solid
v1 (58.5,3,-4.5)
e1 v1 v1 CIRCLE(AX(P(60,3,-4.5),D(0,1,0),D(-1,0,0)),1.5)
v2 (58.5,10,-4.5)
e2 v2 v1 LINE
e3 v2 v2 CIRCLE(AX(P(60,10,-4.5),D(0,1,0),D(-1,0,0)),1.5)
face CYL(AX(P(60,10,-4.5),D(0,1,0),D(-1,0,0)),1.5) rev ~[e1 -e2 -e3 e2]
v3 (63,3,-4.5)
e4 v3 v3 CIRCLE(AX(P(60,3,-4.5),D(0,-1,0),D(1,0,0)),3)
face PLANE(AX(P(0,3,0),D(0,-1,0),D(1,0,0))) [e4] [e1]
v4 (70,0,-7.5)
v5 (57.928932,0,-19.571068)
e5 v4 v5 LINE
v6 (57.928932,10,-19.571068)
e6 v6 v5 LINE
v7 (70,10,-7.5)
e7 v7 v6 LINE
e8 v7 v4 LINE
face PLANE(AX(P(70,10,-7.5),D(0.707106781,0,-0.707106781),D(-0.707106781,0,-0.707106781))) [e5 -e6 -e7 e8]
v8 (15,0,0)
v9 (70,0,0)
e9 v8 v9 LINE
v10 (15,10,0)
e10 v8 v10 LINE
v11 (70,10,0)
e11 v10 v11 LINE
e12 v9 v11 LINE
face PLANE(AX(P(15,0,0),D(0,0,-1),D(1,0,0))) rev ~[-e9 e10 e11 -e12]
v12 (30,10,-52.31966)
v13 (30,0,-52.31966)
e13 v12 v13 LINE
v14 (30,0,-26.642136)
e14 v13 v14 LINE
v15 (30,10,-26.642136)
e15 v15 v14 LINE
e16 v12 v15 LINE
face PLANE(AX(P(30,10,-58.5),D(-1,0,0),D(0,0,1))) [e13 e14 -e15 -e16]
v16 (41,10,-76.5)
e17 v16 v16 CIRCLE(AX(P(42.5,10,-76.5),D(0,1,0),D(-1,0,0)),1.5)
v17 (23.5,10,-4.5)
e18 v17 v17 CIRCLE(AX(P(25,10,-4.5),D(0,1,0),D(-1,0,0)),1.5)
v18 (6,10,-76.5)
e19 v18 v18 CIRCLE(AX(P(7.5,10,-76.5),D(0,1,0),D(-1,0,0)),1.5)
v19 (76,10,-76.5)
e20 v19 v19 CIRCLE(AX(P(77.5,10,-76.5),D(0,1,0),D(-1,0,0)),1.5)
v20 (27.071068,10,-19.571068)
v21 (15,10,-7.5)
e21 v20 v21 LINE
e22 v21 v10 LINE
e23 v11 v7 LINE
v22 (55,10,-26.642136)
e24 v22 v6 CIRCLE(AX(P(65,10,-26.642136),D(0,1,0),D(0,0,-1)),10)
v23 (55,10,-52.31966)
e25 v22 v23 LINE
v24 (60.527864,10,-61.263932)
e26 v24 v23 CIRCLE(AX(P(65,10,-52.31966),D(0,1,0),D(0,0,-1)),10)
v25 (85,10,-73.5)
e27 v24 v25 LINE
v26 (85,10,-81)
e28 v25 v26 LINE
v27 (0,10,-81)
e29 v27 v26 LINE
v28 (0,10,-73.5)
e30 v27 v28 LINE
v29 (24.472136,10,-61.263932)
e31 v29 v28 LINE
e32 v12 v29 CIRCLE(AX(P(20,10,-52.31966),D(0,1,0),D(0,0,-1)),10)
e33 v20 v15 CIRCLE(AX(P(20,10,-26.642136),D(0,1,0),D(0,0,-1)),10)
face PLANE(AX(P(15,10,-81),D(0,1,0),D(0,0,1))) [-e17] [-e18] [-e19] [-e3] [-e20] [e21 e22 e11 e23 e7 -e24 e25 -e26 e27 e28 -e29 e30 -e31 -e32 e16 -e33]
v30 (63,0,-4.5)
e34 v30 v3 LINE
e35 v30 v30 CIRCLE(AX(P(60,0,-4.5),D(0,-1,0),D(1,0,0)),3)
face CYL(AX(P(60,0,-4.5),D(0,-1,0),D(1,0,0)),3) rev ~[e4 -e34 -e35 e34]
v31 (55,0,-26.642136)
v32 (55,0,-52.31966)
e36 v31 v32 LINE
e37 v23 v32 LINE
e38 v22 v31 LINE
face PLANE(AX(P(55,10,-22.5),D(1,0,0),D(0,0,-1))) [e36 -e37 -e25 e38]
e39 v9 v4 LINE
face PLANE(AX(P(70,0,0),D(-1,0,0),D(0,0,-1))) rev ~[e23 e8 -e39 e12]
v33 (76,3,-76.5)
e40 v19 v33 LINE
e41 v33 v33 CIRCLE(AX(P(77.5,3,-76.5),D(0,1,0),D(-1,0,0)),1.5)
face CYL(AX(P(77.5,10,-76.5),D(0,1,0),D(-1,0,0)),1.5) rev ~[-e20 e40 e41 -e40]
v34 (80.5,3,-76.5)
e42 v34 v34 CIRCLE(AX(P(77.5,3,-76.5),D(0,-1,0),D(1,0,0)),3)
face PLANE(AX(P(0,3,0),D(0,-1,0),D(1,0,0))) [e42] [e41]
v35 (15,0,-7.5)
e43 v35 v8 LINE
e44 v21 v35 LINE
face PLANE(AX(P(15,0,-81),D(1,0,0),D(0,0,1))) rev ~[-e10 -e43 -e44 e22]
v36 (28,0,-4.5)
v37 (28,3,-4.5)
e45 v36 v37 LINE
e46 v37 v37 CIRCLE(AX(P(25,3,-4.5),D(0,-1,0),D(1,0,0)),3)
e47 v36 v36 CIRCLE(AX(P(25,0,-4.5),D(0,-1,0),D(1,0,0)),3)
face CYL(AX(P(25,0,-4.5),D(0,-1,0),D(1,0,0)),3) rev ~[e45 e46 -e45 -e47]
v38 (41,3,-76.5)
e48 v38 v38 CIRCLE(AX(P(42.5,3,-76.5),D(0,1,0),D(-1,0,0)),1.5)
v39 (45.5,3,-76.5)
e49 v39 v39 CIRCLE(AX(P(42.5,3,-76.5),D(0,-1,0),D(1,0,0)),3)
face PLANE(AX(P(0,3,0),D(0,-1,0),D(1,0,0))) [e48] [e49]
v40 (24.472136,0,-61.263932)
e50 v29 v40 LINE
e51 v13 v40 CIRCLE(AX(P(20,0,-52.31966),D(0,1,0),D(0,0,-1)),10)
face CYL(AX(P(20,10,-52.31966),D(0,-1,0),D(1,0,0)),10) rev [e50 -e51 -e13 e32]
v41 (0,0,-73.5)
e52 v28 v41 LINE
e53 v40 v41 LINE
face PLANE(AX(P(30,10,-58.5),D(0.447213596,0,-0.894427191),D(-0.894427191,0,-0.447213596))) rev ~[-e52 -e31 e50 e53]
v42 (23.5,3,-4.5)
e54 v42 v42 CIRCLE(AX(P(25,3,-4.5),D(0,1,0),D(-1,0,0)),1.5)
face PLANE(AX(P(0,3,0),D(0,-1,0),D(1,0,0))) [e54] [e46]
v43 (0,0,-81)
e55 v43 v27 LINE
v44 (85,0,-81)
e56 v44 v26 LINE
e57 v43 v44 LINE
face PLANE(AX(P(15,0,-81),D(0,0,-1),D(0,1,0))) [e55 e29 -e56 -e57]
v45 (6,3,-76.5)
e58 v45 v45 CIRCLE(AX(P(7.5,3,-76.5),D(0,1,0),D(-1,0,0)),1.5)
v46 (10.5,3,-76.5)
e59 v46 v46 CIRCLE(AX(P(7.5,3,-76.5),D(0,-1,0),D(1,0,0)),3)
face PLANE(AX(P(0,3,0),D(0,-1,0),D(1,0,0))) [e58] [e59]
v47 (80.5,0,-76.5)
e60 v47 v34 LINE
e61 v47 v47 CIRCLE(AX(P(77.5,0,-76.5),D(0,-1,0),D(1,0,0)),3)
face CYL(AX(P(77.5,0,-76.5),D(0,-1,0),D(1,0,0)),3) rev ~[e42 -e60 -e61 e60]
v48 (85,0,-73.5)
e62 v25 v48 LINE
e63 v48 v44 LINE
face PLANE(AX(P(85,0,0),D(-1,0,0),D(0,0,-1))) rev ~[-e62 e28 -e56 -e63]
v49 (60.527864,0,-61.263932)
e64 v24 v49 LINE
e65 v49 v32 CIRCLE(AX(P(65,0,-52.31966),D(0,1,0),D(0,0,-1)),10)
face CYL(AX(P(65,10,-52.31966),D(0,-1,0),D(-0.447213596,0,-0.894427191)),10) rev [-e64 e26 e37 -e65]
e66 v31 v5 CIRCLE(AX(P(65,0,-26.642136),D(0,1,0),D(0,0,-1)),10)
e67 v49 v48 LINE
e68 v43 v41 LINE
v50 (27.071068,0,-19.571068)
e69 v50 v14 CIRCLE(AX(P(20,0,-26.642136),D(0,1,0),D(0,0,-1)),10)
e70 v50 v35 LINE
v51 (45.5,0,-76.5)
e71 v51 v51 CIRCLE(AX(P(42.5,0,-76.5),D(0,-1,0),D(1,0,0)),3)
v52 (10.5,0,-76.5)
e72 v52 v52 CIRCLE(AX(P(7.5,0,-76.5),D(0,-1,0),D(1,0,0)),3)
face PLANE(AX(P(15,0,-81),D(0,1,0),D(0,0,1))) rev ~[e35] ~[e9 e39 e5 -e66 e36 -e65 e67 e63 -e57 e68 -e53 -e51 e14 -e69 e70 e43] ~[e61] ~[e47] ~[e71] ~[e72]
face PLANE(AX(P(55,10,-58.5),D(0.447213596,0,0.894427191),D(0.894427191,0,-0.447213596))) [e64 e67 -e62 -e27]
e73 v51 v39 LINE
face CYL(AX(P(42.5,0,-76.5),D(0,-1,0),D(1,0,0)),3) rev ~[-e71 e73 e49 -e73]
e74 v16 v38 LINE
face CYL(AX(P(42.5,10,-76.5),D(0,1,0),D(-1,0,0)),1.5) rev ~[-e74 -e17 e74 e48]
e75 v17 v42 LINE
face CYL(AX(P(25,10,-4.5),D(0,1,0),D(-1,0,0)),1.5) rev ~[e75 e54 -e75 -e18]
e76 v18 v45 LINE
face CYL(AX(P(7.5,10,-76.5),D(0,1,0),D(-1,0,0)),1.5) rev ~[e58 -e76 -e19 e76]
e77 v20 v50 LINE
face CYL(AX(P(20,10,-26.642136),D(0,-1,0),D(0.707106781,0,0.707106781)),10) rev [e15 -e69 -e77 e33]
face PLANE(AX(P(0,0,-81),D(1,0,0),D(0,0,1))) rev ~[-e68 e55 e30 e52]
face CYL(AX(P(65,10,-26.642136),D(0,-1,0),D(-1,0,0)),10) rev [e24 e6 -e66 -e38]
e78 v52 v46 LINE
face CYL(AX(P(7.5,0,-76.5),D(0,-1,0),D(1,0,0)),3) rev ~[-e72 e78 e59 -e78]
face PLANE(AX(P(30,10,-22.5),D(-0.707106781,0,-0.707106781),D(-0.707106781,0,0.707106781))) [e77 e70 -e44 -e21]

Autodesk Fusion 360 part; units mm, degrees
sketch "Sketch13" plane through (0, 0, 0) normal (0, 1, 0) x (1, 0, 0)
  line L0 (70, 0) -> (70, 81)
  line L1 (70, 81) -> (15, 81)
  line L2 (15, 81) -> (15, 0)
  line L3 (15, 0) -> (70, 0)
  line L4 (0, 0) -> (121.9113, 0) construction
  dimension "d66" = 55
  dimension "d130" = 81
  dimension "d131" = 15
extrude "Extrude10" add sketch "Sketch13" along normal blind 10
sketch "Sketch14" plane through (0, 10, 0) normal (0, 1, 0) x (-1, 0, 0)
  line L0 (-15, -81) -> (-15, 0)
  line L1 (-70, 0) -> (-70, -81)
  line L2 (-70, -81) -> (-15, -81)
  line L3 (-15, -73.5) -> (-30, -58.5)
  line L4 (-30, -58.5) -> (-30, -22.5)
  line L5 (-30, -22.5) -> (-15, -7.5)
  line L6 (-15, -40.5) -> (-70, -40.5) construction
  line L7 (-42.5, -81) -> (-42.5, 0) construction
  line L8 (-30, -40.5) -> (-87.9308, -40.5) construction
  line L9 (-70, -7.5) -> (-55, -22.5)
  line L10 (-55, -22.5) -> (-55, -58.5)
  line L11 (-55, -58.5) -> (-70, -73.5)
  circle A0 centre (-42.5, -76.5) radius 1.5
  circle A1 centre (-60, -76.5) radius 1.5
  circle A2 centre (-77.5, -76.5) radius 1.5
  circle A3 centre (-25, -76.5) radius 1.5
  circle A4 centre (-7.5, -76.5) radius 1.5
  line L12 (-7.5, -76.5) -> (-77.5, -76.5) construction
  circle A5 centre (-7.5, -4.5) radius 1.5
  circle A6 centre (-25, -4.5) radius 1.5
  circle A7 centre (-42.5, -4.5) radius 1.5
  circle A8 centre (-60, -4.5) radius 1.5
  circle A9 centre (-77.5, -4.5) radius 1.5
  line L13 (-7.5, -4.5) -> (-77.5, -4.5) construction
  line L14 (-15, 0) -> (-70, 0)
  line L15 (-30, -22.5) -> (-15, -22.5)
  line L16 (-55, -22.5) -> (-70, -22.5)
  line L17 (-30, -58.5) -> (-15, -58.5)
  line L18 (-55, -58.5) -> (-70, -58.5)
  line L19 (-70, -58.5) -> (-70, -73.5)
  line L20 (-15, -58.5) -> (-15, -73.5)
  line L21 (-15, -22.5) -> (-15, -7.5)
  line L22 (-70, -22.5) -> (-70, -7.5)
  line L23 (-70, -22.5) -> (-70, -58.5)
  line L24 (-15, -22.5) -> (-15, -58.5)
  dimension "d70" = 15
  dimension "d71" = 15
  dimension "d72" = 15
  dimension "d73" = 7.5
  dimension "d76" = 15
  dimension "d77" = 15
  dimension "d78" = 7.5
  dimension "d79" = 7.5
  dimension "d80" = 15
  dimension "d81" = 15
  dimension "d85" = 17.5
  dimension "d86" = 17.5
  dimension "d87" = 17.5
  dimension "d88" = 17.5
  dimension "d89" = 3
  dimension "d90" = 3
  dimension "d91" = 3
  dimension "d92" = 3
  dimension "d93" = 3
  dimension "d94" = 4.5
  dimension "d95" = 17.5
  dimension "d96" = 17.5
  dimension "d97" = 17.5
  dimension "d98" = 17.5
  dimension "d99" = 3
  dimension "d100" = 3
  dimension "d101" = 3
  dimension "d102" = 3
  dimension "d103" = 3
  dimension "d132" = 7.5
  dimension "d139" = 4.5
  dimension "d140" = 72
  dimension "d141" = 40.5
extrude "Extrude11" cut sketch "Sketch14" against normal blind 10 contours L0 L4 L15 L17 L24 | L0 L5 L15 L21 | L1 L10 L16 L18 L23 | L1 L9 L16 L22
sketch "Sketch16" plane through (0, 10, 0) normal (0, 1, 0) x (-1, 0, 0)
  line L0 (-70, -58.5) -> (-70, -81)
  line L1 (-70, -81) -> (-15, -81)
  line L2 (-15, -81) -> (-15, -58.5)
  line L3 (-30, -58.5) -> (-30, -22.5)
  circle A0 centre (-42.5, -40.5) radius 4
  line L4 (-15, 0) -> (-70, 0)
  line L5 (-70, 0) -> (-70, -7.5)
  line L6 (-55, -22.5) -> (-55, -58.5)
  line L7 (-15, -58.5) -> (-30, -58.5)
  line L8 (-30, -22.5) -> (-15, -7.5)
  line L9 (-15, -7.5) -> (-15, 0)
  line L10 (-70, -7.5) -> (-55, -22.5)
  line L11 (-55, -58.5) -> (-70, -58.5)
  dimension "d83" = 8
extrude "Extrude14" cut sketch "Sketch14" against normal blind 10 contours A6 | A8
sketch "Sketch17" plane through (30, 0, 0) normal (-1, 0, 0) x (0, 0, 1)
  line L0 (-58.5, 0) -> (-22.5, 0)
  line L1 (-22.5, 10) -> (-58.5, 10)
  circle A0 centre (-52.5, 6.35) radius 2
  circle A1 centre (-28.5, 6.35) radius 2
  line L2 (-52.5, 6.35) -> (-28.5, 6.35) construction
  line L3 (-58.5, 10) -> (-58.5, 0)
  line L4 (-22.5, 0) -> (-22.5, 10)
  dimension "d105" = 6.35
  dimension "d106" = 4
  dimension "d107" = 4
  dimension "d108" = 40.5
  dimension "d113" = 24
sketch "Sketch22" plane through (0, 10, 0) normal (0, 1, 0) x (-1, 0, 0)
  circle A0 centre (-60, -4.5) radius 1.5
  circle A1 centre (-25, -4.5) radius 1.5
  line L0 (-70, -58.5) -> (-70, -81)
  line L1 (-70, -81) -> (-15, -81)
  line L2 (-15, -81) -> (-15, -58.5)
  line L3 (-30, -58.5) -> (-30, -22.5)
  spline S0 degree 5 poles (-30, -22.5) (-30.6751, -22.9508) (-31.8982, -23.9212) (-33.3513, -25.5829) (-34.5873, -28.1895) (-35.2819, -31.9804) (-35.49, -36.1444) (-35.514, -40.4999) (-35.4911, -44.8557) (-35.2837, -49.0204) (-34.5894, -52.8118) (-33.353, -55.4184) (-31.8992, -57.0796) (-30.6755, -58.0495) (-30, -58.5) knots 0 0 0 0 0 0 0.1 0.2 0.3 0.4 0.5 0.6 0.7 0.8 0.9 1 1 1 1 1 1
  line L4 (-26.6736, -20.2785) -> (-33.3264, -24.7215)
  line L5 (-33.3277, -56.2805) -> (-26.6723, -60.7195)
  spline S1 degree 5 poles (-55, -22.5) (-54.3243, -22.9503) (-53.092, -23.9257) (-51.6007, -25.6127) (-50.2803, -28.2784) (-49.4997, -32.1312) (-49.3061, -36.2868) (-49.4506, -40.5251) (-49.7869, -44.6606) (-50.3396, -48.5814) (-51.2418, -52.2256) (-52.3883, -54.8952) (-53.5623, -56.7538) (-54.4956, -57.9286) (-55, -58.5) knots 0 0 0 0 0 0 0.1 0.2 0.3 0.4 0.5 0.6 0.7 0.8 0.9 1 1 1 1 1 1
  line L6 (-52.3529, -55.5012) -> (-57.6471, -61.4988)
  line L7 (-58.3285, -20.2817) -> (-51.6715, -24.7183)
  line L8 (-15, 0) -> (-70, 0)
  line L9 (-70, 0) -> (-70, -7.5)
  line L10 (-35.5, -40.5) -> (-49.5, -40.5) construction
  line L11 (-55, -22.5) -> (-55, -58.5)
  line L12 (-15, -58.5) -> (-30, -58.5)
  line L13 (-30, -22.5) -> (-15, -7.5)
  line L14 (-15, -7.5) -> (-15, 0)
  line L15 (-70, -7.5) -> (-55, -22.5)
  line L16 (-55, -58.5) -> (-70, -58.5)
  dimension "d135" = 4
  dimension "d136" = 4
  dimension "d137" = 4
  dimension "d138" = 4
  dimension "d161" = 40.5
  dimension "d162" = 14
  dimension "d163" = 35.5
extrude "Extrude22" add 1 faces at (70, 3.3333, -66) along direction (1, 0, 0) blind 15
extrude "Extrude23" add 1 faces at (15, 3.3333, -73.5) along direction (-1, 0, 0) blind 15
extrude "Extrude24" cut sketch "Sketch14" against normal through all contours A0 | A2 | A4
sketch "Sketch24" plane through (0, 0, 0) normal (0, -1, 0) x (1, 0, 0)
  circle A0 centre (7.5, -76.5) radius 1.5
  circle A1 centre (77.5, -76.5) radius 1.5
  circle A2 centre (42.5, -76.5) radius 1.5
  circle A3 centre (60, -4.5) radius 1.5
  circle A4 centre (25, -4.5) radius 1.5
  line L0 (0, -58.5) -> (0, -81)
  line L1 (0, -81) -> (85, -81)
  line L2 (85, -81) -> (85, -58.5)
  line L3 (70, -7.5) -> (70, 0)
  line L4 (70, 0) -> (15, 0)
  line L5 (15, 0) -> (15, -7.5)
  circle A5 centre (25, -4.5) radius 1.5
  circle A6 centre (60, -4.5) radius 1.5
  circle A7 centre (7.5, -76.5) radius 1.5
  circle A8 centre (42.5, -76.5) radius 1.5
  circle A9 centre (77.5, -76.5) radius 1.5
  circle A10 centre (25, -4.5) radius 3
  circle A11 centre (60, -4.5) radius 3
  circle A12 centre (7.5, -76.5) radius 3
  circle A13 centre (42.5, -76.5) radius 3
  circle A14 centre (77.5, -76.5) radius 3
  line L6 (30, -22.5) -> (30, -58.5)
  line L7 (55, -58.5) -> (55, -22.5)
  line L8 (30, -58.5) -> (0, -58.5)
  line L9 (55, -22.5) -> (70, -7.5)
  line L10 (15, -7.5) -> (30, -22.5)
  line L11 (85, -58.5) -> (55, -58.5)
  dimension "d154" = 6
  dimension "d155" = 6
  dimension "d156" = 6
  dimension "d157" = 6
  dimension "d158" = 6
extrude "Extrude25" cut sketch "Sketch24" against normal blind 3 contours A10 | A11 | A12 | A13 | A14
sketch "Sketch25" plane through (0, 10, 0) normal (0, 1, 0) x (-1, 0, 0)
  circle A0 centre (-7.5, -76.5) radius 1.5
  circle A1 centre (-77.5, -76.5) radius 1.5
  circle A2 centre (-42.5, -76.5) radius 1.5
  circle A3 centre (-25, -4.5) radius 1.5
  circle A4 centre (-60, -4.5) radius 1.5
  line L0 (-30, -22.5) -> (-15, -7.5)
  line L1 (-15, -7.5) -> (-15, 0)
  line L2 (-15, 0) -> (-70, 0)
  line L3 (-70, 0) -> (-70, -7.5)
  line L4 (-70, -7.5) -> (-55, -22.5)
  line L5 (-55, -22.5) -> (-55, -58.5)
  line L6 (-55, -58.5) -> (-85, -58.5)
  line L7 (-85, -58.5) -> (-85, -81)
  line L8 (-85, -81) -> (0, -81)
  line L9 (0, -81) -> (0, -58.5)
  line L10 (0, -58.5) -> (-30, -58.5)
  line L11 (-30, -58.5) -> (-30, -22.5)
  line L12 (-30, -58.5) -> (0, -73.5)
  line L13 (-55, -58.5) -> (-85, -73.5)
  line L14 (0, -73.5) -> (0, -58.5)
  line L15 (-30, -58.5) -> (0, -58.5)
  line L16 (-85, -58.5) -> (-85, -73.5)
  line L17 (-55, -58.5) -> (-85, -58.5)
  dimension "d165" = 7.5
  dimension "d166" = 7.5
extrude "Extrude26" cut sketch "Sketch25" against normal blind 10 contours L9 L10 L12 L14 L15 | L6 L7 L13 L16 L17
fillet "Fillet1" radius 10 4 edges at (30, 5, -58.5) (30, 5, -22.5) (55, 5, -58.5) (55, 5, -22.5)
equation "d105 = ( 12.7 / 2 ) * 1 mm"
equation "d108 = ( 81 / 2 ) * 1 mm"
